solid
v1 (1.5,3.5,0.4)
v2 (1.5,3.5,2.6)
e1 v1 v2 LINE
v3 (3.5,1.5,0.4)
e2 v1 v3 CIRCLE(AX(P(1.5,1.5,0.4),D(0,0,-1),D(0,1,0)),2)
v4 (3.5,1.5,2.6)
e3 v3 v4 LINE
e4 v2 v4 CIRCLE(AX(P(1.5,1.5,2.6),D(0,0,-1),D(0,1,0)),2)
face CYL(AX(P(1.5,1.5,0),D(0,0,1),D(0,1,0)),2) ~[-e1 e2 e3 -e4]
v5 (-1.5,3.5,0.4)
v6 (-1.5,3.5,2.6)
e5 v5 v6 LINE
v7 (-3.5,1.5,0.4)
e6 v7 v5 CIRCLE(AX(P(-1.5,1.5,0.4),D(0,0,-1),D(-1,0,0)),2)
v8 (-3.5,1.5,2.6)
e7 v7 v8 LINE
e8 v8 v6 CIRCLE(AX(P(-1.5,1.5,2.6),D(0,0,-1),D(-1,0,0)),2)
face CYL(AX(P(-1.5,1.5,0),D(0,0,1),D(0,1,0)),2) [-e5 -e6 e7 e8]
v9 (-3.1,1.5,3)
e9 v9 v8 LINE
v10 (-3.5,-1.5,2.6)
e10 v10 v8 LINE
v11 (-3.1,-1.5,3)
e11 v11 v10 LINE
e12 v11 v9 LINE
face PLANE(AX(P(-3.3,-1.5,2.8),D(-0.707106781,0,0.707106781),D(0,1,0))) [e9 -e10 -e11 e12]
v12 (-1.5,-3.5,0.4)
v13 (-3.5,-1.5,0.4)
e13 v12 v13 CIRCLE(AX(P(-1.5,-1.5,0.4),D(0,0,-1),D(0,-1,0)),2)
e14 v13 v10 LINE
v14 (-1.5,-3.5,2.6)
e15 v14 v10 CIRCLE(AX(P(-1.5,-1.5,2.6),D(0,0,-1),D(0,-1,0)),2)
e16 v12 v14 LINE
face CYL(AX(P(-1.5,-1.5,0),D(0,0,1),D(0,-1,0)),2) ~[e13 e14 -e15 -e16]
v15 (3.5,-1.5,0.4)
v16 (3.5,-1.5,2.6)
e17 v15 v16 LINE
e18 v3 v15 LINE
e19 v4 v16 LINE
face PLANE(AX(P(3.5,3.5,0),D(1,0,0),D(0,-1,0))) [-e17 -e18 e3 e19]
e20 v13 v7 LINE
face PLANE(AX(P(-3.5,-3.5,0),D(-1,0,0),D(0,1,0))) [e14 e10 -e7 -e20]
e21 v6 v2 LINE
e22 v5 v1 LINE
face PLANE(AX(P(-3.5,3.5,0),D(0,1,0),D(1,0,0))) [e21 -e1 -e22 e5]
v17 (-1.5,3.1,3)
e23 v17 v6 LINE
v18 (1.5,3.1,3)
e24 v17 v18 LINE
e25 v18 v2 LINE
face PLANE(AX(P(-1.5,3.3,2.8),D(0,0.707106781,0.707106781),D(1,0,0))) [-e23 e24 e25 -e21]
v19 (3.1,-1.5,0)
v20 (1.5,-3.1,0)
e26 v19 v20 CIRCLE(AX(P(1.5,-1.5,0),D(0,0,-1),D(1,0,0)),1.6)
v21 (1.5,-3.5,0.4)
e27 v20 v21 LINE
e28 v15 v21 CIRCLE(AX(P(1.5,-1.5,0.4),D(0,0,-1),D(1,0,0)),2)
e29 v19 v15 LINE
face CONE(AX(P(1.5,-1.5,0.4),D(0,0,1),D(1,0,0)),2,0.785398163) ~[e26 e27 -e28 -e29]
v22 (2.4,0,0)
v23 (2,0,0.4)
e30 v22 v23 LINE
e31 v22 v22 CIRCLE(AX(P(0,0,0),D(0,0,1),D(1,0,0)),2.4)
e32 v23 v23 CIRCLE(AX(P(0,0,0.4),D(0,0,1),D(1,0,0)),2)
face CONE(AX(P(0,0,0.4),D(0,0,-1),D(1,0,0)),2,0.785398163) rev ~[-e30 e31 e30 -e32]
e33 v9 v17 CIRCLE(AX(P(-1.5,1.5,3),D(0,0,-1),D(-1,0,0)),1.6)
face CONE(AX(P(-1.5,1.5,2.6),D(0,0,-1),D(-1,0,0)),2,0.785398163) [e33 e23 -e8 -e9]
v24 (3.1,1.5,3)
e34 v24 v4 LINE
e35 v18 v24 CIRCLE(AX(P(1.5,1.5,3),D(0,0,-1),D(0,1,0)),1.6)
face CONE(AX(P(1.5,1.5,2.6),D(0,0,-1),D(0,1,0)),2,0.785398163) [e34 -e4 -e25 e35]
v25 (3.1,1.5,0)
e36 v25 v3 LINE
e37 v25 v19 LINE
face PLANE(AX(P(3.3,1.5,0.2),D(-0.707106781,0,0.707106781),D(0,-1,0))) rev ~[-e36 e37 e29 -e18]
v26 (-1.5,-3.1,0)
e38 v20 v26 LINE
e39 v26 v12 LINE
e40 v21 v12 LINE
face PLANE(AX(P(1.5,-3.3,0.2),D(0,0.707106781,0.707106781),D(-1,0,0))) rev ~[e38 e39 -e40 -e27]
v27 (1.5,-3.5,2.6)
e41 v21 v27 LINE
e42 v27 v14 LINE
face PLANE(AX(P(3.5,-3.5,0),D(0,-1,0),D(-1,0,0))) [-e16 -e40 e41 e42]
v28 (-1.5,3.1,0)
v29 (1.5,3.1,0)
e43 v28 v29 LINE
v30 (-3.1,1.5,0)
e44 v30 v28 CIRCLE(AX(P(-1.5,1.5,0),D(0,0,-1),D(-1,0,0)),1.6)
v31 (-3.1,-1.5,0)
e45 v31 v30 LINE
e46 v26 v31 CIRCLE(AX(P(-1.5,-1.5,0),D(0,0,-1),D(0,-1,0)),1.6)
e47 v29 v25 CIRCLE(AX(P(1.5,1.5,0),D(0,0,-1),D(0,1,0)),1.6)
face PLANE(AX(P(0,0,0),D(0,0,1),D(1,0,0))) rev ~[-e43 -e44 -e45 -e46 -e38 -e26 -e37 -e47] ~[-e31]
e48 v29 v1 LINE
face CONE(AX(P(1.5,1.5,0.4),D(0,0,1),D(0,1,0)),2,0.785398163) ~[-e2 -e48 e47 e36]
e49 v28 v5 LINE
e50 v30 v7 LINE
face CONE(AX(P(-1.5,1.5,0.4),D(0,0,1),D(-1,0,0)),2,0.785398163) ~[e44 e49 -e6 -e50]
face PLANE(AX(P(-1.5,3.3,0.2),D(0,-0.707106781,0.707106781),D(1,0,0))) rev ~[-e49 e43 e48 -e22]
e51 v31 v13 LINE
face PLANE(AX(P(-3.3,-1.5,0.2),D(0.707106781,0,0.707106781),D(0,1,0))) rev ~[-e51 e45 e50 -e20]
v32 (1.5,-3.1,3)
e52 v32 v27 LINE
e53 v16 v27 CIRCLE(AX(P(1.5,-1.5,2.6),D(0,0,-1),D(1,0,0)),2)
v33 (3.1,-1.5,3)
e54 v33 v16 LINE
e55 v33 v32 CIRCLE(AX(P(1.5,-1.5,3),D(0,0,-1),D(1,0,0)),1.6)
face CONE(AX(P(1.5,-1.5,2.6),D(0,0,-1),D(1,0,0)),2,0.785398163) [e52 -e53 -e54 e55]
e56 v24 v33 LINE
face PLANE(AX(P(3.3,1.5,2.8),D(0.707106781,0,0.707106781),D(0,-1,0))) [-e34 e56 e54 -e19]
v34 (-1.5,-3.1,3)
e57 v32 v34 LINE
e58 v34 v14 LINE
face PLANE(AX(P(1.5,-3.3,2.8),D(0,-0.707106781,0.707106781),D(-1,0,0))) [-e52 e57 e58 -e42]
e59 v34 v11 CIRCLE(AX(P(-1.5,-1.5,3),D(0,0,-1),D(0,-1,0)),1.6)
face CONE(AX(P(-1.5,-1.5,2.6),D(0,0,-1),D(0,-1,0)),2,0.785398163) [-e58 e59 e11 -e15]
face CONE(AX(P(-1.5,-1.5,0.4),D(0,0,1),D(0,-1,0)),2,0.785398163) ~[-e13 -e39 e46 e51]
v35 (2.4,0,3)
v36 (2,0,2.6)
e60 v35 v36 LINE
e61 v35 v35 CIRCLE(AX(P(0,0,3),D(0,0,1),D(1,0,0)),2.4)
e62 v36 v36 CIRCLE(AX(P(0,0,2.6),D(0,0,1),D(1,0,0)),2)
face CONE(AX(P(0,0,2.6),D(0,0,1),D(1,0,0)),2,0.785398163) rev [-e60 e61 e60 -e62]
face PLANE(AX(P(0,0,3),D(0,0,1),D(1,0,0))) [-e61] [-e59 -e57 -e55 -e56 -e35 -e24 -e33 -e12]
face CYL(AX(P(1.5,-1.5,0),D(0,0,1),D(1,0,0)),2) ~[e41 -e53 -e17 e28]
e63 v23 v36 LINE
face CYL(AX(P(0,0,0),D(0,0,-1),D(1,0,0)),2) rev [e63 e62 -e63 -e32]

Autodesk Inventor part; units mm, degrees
ref_plane "YZ Plane" through (0, 0, 0) normal (1, 0, 0) x (0, 1, 0)
ref_plane "XZ Plane" through (0, 0, 0) normal (0, 1, 0) x (-1, 0, 0)
ref_plane "XY Plane" through (0, 0, 0) normal (0, 0, 1) x (1, 0, 0)
sketch "Sketch1" plane through (0, 0, 0) normal (0, 0, 1) x (1, 0, 0)
  circle A0 centre (0, 0) radius 2
  line L0 (-3.5, 3.5) -> (3.5, 3.5)
  line L1 (3.5, 3.5) -> (3.5, -3.5)
  line L2 (3.5, -3.5) -> (-3.5, -3.5)
  line L3 (-3.5, -3.5) -> (-3.5, 3.5)
  point P0 (3.5, 0)
  point P1 (0, 3.5)
  dimension "d0" = 4
  dimension "d24" = 7
extrude "Extrusion1" add sketch "Sketch1" along normal blind 3
fillet "Fillet3" radius 2 4 edges at (3.5, 3.5, 1.5) (3.5, -3.5, 1.5) (-3.5, -3.5, 1.5) (-3.5, 3.5, 1.5)
chamfer "Chamfer4" distance 0.4 angle 45 18 edges at (-2.9142, -2.9142, 3) (-3.5, 0, 3) (-2.9142, 2.9142, 3) (0, 3.5, 3) (2.9142, 2.9142, 3) (3.5, 0, 3) (2.9142, -2.9142, 3) (0, -3.5, 3) (2.9142, -2.9142, 0) (3.5, 0, 0) (2.9142, 2.9142, 0) (0, 3.5, 0) (-2.9142, 2.9142, 0) (-3.5, 0, 0) (-2.9142, -2.9142, 0) (0, -3.5, 0) (-2, 0, 3) (-2, 0, 0)
properties part number "shaft-10mm" material "ABS Plastic"
